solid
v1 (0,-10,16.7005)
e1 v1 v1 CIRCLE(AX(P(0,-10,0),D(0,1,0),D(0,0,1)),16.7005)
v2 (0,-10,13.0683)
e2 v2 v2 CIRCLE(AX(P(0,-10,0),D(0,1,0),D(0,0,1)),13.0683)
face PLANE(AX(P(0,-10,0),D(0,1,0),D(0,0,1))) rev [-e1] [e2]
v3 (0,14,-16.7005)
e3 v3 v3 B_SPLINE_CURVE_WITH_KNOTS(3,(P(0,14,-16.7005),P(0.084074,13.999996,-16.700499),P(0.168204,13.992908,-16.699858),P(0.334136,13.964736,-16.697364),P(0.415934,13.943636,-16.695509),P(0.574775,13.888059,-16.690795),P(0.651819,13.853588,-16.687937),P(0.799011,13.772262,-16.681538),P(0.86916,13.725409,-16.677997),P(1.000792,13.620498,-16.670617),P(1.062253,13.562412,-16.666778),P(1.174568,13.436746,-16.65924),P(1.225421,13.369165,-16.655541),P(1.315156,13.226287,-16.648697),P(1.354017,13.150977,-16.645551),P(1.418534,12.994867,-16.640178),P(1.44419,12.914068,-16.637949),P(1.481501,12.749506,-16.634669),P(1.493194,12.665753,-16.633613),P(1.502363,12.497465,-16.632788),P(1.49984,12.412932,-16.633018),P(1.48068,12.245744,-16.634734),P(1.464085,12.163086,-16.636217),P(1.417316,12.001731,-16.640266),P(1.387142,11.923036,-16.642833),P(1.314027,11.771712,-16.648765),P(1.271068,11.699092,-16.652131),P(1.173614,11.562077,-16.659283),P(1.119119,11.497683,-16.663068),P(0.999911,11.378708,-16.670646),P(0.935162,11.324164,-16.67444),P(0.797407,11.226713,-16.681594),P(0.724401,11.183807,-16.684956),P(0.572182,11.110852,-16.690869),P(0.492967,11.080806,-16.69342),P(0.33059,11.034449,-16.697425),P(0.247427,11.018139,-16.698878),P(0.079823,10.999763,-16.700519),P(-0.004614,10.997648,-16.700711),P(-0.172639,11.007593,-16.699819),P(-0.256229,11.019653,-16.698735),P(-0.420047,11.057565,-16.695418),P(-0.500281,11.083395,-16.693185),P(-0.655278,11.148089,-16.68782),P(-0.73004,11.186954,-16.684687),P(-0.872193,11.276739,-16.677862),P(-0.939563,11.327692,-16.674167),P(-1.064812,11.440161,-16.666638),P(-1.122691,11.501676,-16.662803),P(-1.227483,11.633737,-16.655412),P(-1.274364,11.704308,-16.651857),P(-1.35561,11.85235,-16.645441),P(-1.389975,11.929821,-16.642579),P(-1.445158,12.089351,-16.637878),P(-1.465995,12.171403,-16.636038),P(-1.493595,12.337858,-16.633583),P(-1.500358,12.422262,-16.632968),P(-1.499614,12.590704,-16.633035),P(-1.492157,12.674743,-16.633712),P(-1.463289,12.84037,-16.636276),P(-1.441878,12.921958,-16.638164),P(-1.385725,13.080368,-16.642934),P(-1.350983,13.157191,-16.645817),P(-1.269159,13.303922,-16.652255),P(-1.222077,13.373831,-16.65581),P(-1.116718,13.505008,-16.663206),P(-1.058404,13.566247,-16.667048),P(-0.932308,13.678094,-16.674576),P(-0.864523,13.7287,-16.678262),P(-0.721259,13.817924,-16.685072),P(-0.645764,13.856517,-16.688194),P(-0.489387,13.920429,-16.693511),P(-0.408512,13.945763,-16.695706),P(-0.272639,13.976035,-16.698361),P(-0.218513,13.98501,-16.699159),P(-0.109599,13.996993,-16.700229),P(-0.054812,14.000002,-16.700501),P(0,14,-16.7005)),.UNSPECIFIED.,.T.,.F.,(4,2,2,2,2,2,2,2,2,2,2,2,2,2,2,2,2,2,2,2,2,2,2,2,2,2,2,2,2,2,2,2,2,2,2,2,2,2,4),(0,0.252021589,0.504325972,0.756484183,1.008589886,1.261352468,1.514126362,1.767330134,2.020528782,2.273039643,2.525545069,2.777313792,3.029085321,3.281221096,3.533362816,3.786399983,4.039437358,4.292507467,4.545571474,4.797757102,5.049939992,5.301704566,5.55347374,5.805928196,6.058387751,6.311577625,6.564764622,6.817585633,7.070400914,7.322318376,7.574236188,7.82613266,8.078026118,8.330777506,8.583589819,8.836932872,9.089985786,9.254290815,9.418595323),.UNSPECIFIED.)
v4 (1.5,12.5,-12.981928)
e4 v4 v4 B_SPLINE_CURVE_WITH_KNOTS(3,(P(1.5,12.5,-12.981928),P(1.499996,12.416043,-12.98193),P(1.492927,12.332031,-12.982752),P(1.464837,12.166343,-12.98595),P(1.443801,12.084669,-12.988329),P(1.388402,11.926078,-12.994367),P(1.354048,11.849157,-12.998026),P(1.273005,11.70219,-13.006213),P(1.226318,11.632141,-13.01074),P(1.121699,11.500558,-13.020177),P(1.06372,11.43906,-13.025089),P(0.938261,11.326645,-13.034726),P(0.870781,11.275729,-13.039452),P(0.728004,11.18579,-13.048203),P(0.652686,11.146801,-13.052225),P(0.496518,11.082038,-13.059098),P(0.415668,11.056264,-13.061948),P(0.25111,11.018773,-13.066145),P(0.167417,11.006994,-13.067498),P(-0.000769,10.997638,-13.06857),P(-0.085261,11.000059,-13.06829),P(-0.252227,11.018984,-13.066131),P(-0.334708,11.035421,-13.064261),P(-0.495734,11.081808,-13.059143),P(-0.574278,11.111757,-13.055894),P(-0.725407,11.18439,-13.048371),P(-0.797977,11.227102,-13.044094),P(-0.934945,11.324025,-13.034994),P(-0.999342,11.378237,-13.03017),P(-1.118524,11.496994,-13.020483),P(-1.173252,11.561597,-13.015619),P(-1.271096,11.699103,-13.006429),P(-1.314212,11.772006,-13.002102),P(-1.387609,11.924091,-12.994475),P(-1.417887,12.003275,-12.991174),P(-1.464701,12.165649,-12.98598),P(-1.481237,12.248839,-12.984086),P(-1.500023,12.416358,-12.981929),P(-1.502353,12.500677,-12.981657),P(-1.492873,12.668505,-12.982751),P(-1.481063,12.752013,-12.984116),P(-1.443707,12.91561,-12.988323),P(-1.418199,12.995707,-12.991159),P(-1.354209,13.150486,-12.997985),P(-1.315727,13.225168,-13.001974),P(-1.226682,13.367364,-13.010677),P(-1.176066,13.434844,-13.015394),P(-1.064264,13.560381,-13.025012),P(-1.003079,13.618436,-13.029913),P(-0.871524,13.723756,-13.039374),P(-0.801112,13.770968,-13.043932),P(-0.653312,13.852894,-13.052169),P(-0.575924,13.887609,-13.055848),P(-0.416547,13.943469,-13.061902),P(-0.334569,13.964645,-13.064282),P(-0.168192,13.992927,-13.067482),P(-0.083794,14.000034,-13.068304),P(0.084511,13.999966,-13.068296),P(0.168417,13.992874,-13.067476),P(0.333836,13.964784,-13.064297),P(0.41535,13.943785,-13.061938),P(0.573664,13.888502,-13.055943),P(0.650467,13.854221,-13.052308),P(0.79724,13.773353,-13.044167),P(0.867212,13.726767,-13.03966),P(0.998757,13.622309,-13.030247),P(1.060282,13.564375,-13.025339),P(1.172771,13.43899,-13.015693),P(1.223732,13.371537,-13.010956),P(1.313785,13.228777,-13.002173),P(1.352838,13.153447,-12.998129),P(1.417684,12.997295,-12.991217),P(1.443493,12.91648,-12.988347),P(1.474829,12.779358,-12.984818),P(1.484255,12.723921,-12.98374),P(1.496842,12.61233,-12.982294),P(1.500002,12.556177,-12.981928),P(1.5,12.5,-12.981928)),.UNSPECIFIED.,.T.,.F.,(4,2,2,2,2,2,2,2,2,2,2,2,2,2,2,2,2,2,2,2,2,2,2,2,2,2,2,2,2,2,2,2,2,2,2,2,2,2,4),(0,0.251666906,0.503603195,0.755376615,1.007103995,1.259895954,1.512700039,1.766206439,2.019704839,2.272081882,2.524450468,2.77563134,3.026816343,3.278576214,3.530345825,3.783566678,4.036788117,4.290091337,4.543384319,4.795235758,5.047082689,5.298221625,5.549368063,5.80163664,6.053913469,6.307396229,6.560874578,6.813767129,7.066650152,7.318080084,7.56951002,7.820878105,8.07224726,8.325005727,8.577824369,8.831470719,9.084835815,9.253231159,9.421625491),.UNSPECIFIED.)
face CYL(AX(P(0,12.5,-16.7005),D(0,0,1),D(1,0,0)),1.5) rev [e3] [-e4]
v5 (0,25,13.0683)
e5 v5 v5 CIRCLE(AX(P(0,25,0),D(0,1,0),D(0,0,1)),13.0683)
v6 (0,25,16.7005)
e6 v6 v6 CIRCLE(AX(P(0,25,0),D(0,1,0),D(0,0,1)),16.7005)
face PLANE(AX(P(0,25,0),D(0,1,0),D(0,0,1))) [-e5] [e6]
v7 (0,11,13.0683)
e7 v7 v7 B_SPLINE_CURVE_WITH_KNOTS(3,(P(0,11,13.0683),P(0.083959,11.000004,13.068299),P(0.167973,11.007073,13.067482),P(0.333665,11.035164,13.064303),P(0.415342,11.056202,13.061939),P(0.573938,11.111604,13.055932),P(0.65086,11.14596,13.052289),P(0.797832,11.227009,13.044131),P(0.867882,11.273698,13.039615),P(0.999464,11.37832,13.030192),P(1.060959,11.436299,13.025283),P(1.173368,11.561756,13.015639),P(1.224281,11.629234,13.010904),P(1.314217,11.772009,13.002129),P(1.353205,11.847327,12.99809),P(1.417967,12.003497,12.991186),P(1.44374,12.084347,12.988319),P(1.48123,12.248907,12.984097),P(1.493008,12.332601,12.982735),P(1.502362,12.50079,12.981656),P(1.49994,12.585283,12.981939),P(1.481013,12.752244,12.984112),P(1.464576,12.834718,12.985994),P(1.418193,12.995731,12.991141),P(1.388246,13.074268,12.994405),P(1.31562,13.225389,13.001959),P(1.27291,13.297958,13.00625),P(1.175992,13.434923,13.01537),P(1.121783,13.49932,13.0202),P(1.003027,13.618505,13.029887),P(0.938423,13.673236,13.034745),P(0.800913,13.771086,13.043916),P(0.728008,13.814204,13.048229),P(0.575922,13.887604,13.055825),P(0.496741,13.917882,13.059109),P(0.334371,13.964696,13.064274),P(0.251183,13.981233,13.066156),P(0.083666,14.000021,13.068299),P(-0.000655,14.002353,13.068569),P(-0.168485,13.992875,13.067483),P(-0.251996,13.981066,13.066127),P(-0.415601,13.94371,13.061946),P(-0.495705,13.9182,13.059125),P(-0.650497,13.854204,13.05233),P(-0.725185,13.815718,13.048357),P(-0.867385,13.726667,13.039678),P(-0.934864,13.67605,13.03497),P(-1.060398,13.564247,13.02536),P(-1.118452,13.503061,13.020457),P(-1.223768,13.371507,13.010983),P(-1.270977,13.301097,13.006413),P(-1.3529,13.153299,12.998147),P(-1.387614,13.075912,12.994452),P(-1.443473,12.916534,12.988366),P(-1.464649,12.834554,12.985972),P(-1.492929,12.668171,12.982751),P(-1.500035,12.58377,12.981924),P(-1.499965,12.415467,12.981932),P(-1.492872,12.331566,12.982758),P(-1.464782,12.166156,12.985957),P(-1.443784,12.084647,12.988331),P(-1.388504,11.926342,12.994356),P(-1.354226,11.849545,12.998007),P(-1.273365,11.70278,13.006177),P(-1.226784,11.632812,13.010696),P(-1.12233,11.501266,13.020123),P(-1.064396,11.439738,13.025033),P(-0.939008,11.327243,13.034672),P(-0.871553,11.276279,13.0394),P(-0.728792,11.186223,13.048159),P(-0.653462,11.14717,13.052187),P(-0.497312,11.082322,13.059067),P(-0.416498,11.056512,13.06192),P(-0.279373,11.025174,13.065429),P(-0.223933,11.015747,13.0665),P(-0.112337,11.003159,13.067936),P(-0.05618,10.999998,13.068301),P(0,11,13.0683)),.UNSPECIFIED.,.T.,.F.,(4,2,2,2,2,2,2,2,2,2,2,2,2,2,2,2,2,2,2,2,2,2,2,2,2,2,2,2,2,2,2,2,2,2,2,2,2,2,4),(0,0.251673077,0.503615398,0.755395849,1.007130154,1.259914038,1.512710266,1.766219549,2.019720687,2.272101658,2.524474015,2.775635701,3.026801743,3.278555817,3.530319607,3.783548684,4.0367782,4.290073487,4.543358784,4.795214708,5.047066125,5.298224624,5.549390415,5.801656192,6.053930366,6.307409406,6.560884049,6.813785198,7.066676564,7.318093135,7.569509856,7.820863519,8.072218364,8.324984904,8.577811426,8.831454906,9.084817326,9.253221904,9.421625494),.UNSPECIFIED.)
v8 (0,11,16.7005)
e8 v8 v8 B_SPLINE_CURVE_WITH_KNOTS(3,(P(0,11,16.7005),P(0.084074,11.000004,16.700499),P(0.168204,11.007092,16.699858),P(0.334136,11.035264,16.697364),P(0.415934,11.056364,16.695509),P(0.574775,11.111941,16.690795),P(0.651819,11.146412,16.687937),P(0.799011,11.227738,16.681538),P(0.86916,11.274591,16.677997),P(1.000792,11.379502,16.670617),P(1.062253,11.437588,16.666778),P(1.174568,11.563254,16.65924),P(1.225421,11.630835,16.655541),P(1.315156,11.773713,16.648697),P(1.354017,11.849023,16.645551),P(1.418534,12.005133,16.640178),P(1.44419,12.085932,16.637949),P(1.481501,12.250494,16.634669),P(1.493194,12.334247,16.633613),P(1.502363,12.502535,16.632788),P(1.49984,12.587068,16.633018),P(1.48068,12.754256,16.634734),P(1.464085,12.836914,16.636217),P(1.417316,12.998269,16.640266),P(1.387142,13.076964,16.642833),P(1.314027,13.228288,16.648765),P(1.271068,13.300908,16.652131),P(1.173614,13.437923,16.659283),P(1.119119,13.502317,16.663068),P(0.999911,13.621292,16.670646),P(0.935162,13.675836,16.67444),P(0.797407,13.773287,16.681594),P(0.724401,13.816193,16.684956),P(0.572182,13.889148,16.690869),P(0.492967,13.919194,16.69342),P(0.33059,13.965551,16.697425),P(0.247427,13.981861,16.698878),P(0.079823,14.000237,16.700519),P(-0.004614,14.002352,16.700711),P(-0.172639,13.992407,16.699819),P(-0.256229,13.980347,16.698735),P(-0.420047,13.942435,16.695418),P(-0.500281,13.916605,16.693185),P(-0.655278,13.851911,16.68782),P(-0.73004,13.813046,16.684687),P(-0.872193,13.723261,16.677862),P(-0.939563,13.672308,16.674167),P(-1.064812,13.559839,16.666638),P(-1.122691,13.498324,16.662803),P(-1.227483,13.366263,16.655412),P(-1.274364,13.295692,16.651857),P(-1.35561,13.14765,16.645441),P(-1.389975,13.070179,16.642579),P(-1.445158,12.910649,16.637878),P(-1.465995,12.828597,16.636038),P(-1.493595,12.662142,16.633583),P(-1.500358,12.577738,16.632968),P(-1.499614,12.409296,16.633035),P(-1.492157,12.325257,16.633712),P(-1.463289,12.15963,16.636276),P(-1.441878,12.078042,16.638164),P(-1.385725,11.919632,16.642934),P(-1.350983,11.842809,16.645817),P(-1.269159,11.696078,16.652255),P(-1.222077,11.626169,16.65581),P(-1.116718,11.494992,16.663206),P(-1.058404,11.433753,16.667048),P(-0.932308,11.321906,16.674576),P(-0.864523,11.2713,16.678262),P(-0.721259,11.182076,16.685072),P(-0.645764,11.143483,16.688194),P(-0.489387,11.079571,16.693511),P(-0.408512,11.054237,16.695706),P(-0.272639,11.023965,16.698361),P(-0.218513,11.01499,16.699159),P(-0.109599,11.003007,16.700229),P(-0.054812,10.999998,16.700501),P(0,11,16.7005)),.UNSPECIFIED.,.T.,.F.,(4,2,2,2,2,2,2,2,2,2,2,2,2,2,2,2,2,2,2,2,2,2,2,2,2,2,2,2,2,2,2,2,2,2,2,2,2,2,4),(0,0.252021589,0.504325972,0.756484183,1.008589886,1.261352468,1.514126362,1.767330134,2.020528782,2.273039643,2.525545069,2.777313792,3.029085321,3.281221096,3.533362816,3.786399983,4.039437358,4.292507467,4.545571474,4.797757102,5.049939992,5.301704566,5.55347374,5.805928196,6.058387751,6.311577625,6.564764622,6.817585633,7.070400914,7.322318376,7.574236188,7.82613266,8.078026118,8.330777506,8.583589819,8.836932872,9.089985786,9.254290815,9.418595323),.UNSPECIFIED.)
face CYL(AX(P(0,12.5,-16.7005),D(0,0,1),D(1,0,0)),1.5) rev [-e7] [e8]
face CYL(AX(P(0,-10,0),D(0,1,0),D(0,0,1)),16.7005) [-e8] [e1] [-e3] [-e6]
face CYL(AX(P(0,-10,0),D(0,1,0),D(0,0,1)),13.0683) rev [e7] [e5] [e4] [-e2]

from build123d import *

# Parameters (mm, degrees)
SKETCH1_R                = 16.7005
SKETCH1_R_2              = 13.0683
BOSS_EXTRUDE1_DEPTH      = 25
BOSS_EXTRUDE1_DEPTH_BACK = 10
SKETCH3_R                = 1.5
CUT_EXTRUDE1_DEPTH       = 17.7005
CUT_EXTRUDE1_DEPTH_BACK  = 17.7005


with BuildPart() as part:
    # Sketch1 → Boss-Extrude1 (new body, two sides)
    with BuildSketch(Plane(origin=(0, 0, 0), x_dir=(1, 0, 0), z_dir=(0, 1, 0))) as boss_extrude1_sk:
        Circle(SKETCH1_R)
        Circle(SKETCH1_R_2, mode=Mode.SUBTRACT)
    extrude(amount=BOSS_EXTRUDE1_DEPTH)
    extrude(boss_extrude1_sk.sketch, amount=-BOSS_EXTRUDE1_DEPTH_BACK)

    # Sketch3 → Cut-Extrude1 (cut, two sides)
    with BuildSketch(Plane.XY) as cut_extrude1_sk:
        with Locations((0, 12.5)):
            Circle(SKETCH3_R)
    extrude(amount=CUT_EXTRUDE1_DEPTH, mode=Mode.SUBTRACT)
    extrude(cut_extrude1_sk.sketch, amount=-CUT_EXTRUDE1_DEPTH_BACK, mode=Mode.SUBTRACT)


solid = part.part
